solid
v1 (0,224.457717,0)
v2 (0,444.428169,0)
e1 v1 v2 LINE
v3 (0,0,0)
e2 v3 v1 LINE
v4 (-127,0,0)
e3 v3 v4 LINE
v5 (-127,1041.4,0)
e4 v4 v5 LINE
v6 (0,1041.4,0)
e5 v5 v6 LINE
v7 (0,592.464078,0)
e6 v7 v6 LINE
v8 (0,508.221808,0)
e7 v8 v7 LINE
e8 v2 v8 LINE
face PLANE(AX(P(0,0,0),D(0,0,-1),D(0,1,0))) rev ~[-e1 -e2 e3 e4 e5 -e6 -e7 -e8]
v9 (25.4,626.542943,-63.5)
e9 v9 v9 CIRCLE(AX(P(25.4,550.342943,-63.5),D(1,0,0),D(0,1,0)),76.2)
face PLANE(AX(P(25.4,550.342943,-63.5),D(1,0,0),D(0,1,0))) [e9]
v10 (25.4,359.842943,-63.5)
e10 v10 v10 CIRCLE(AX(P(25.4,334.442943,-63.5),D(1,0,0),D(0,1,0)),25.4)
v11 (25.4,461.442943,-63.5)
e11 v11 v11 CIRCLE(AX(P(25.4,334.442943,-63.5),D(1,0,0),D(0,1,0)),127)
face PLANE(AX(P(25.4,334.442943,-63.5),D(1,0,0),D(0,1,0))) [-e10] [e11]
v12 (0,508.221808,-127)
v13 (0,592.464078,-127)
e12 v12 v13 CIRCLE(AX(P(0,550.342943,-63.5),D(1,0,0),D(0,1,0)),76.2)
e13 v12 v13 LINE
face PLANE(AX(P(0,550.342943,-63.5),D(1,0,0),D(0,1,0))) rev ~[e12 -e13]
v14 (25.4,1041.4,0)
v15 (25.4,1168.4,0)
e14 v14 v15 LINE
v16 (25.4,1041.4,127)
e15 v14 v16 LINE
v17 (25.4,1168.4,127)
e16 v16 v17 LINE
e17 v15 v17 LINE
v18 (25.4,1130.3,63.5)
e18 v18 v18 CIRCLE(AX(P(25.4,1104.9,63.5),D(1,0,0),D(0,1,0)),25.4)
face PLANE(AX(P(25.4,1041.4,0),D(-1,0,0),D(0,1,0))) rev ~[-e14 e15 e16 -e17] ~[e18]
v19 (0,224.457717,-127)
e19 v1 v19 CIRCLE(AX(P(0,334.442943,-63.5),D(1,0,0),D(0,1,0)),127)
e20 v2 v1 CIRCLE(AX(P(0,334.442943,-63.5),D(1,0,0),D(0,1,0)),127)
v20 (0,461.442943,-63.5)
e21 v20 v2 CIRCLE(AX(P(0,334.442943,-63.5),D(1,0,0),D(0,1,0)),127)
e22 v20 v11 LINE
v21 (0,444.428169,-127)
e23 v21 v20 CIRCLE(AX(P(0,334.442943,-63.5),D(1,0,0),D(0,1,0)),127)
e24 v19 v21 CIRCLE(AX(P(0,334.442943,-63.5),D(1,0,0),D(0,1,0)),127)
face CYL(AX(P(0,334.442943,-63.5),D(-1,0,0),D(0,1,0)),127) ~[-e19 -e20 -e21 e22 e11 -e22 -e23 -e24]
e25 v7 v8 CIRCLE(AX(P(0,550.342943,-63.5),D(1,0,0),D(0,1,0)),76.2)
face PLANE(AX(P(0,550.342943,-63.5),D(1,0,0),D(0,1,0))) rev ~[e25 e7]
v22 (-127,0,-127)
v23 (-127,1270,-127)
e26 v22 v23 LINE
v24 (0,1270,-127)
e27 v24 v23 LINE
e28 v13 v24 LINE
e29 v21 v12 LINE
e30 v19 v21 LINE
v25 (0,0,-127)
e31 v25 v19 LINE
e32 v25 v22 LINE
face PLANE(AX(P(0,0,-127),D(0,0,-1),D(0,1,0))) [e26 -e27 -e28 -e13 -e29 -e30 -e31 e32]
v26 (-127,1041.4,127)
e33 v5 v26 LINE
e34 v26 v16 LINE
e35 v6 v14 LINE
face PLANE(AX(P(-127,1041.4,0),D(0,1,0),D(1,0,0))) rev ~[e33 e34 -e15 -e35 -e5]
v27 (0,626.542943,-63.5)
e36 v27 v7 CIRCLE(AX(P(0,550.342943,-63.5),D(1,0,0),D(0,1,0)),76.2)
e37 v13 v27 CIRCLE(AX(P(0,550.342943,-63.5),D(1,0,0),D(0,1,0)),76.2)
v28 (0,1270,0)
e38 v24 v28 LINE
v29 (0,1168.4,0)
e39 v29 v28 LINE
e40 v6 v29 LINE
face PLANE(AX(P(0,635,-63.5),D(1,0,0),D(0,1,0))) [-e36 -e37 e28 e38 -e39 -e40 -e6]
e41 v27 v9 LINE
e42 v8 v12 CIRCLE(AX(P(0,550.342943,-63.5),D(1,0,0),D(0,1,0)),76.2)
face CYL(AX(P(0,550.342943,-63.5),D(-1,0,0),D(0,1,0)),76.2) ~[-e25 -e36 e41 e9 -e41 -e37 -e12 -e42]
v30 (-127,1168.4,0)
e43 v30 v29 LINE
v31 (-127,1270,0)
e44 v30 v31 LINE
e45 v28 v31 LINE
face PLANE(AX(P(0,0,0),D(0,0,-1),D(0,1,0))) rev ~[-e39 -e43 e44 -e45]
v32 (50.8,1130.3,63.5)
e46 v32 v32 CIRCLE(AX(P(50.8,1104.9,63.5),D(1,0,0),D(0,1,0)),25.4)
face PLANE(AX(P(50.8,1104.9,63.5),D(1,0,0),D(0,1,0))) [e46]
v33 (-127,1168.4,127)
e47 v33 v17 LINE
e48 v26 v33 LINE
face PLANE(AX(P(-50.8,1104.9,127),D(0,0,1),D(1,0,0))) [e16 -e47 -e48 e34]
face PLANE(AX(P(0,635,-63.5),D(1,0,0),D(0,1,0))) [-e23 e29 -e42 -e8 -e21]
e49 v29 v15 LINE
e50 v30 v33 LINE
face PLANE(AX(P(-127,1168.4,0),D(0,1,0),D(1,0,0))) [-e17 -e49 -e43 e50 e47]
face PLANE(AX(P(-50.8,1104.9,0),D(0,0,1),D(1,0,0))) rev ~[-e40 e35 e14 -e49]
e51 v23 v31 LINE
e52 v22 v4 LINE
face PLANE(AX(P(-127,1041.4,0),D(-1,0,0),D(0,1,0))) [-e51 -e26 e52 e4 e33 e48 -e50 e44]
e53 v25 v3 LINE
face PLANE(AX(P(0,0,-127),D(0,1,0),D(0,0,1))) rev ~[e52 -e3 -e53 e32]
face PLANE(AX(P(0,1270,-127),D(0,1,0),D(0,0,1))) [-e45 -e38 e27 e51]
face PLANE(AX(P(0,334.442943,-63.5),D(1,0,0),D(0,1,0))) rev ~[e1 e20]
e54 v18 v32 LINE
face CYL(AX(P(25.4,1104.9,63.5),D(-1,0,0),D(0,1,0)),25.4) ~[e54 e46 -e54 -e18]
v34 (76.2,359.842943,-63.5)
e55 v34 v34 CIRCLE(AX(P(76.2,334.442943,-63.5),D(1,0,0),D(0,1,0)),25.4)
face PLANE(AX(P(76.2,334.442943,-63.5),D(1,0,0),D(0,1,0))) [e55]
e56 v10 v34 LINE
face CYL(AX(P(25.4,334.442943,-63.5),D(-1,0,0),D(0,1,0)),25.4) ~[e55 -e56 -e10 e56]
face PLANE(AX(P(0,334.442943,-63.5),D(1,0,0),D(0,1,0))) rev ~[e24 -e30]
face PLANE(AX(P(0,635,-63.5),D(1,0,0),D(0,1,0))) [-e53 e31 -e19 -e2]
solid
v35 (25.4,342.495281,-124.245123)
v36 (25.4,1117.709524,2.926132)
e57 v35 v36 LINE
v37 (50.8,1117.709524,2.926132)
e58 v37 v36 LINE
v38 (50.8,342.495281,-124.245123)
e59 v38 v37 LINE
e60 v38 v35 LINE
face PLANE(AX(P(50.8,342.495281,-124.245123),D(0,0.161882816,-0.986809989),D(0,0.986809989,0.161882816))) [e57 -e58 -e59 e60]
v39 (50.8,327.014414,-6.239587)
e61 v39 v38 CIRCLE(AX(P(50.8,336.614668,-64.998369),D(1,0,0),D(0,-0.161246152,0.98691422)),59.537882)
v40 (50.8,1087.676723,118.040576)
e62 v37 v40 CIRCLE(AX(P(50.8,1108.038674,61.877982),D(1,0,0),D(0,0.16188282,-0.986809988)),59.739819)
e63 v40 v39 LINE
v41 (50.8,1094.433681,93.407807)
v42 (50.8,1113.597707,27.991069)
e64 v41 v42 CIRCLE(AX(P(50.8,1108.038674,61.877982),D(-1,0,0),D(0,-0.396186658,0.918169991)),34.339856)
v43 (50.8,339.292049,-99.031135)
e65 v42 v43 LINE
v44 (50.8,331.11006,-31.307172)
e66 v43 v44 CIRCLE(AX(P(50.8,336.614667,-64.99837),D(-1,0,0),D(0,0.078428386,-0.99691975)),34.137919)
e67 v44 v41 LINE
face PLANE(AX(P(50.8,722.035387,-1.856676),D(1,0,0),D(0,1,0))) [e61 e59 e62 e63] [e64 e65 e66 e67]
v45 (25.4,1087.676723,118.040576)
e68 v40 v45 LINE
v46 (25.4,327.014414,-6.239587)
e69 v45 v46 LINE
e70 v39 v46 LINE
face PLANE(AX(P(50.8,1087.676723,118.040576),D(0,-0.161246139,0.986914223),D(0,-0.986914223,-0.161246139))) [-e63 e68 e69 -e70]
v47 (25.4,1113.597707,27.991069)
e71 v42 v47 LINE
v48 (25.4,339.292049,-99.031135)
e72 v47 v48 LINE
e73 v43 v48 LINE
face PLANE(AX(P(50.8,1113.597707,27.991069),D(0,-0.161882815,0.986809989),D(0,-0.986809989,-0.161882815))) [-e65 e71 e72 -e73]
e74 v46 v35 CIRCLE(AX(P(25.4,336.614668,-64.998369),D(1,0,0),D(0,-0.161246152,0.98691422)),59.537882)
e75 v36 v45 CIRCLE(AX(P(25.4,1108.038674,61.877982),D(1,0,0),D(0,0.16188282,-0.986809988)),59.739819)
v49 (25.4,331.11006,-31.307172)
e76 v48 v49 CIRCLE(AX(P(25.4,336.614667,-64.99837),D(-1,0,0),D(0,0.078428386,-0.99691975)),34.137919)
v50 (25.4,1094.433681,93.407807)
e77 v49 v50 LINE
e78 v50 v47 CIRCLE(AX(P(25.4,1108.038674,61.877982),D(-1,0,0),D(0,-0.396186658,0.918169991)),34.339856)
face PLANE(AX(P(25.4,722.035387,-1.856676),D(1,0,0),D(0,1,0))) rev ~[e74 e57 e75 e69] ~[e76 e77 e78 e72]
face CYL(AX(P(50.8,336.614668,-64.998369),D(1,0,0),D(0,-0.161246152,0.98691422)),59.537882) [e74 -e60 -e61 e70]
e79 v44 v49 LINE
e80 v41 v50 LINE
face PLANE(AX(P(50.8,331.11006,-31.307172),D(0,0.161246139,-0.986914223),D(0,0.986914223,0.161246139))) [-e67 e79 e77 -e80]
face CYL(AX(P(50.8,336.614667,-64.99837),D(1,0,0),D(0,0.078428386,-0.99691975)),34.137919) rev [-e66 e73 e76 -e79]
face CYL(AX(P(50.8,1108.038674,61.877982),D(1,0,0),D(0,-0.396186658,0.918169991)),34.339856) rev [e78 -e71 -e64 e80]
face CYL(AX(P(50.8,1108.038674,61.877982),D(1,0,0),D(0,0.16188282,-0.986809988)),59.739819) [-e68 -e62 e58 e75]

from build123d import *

# Parameters (mm, degrees)
F0_W      = 1270
F0_H      = 127
F1_DEPTH  = 127
F2_R      = 127
F2_R_2    = 76.2
F3_DEPTH  = 25.4
F4_R      = 25.4
F5_DEPTH  = 50.8
F6_W      = 152.4
F6_H      = 127
F7_DEPTH  = 127
F8_R      = 25.4
F9_DEPTH  = 25.4
F11_DEPTH = 25.4


with BuildPart() as f1:
    # F0 (on Right) → F1 (new body)
    with BuildSketch(Plane.YZ):
        with Locations((635, -63.5)):
            Rectangle(F0_W, F0_H)
    extrude(amount=-F1_DEPTH)

    # F2 (on face) → F3 (join)
    with BuildSketch(Plane.YZ):
        with Locations((334.442943, -63.5)):
            Circle(F2_R)
        with Locations((550.342943, -63.5)):
            Circle(F2_R_2)
    extrude(amount=F3_DEPTH)

    # F4 (on face) → F5 (join)
    with BuildSketch(Plane.YZ.offset(25.4)):
        with Locations((334.442943, -63.5)):
            Circle(F4_R)
    extrude(amount=F5_DEPTH)

    # F6 (on face) → F7 (join)
    with BuildSketch(Plane.XY):
        with Locations((-50.8, 1104.9)):
            Rectangle(F6_W, F6_H)
    extrude(amount=F7_DEPTH)

    # F8 (on face) → F9 (join)
    with BuildSketch(Plane.YZ.offset(25.4)):
        with Locations((1104.9, 63.5)):
            Circle(F8_R)
    extrude(amount=F9_DEPTH)


with BuildPart() as f11:
    # F10 (on face) → F11 (new body)
    with BuildSketch(Plane.YZ.offset(50.8)):
        with BuildLine():
            Line((342.495281, -124.245123), (1117.709524, 2.926132))
            ThreePointArc((1117.709524, 2.926132), (1165.843593, 76.959006), (1087.676723, 118.040576))
            Line((1087.676723, 118.040576), (327.014414, -6.239587))
            ThreePointArc((327.014414, -6.239587), (277.582596, -72.742647), (342.495281, -124.245123))
        make_face()
        with BuildLine():
            Line((331.11006, -31.307172), (1094.433681, 93.407807))
            ThreePointArc((1094.433681, 93.407807), (1140.993518, 71.532201), (1113.597707, 27.991069))
            Line((1113.597707, 27.991069), (339.292049, -99.031135))
            ThreePointArc((339.292049, -99.031135), (302.723192, -69.092928), (331.11006, -31.307172))
        make_face(mode=Mode.SUBTRACT)
    extrude(amount=-F11_DEPTH)


solid = Compound([f1.part, f11.part])
